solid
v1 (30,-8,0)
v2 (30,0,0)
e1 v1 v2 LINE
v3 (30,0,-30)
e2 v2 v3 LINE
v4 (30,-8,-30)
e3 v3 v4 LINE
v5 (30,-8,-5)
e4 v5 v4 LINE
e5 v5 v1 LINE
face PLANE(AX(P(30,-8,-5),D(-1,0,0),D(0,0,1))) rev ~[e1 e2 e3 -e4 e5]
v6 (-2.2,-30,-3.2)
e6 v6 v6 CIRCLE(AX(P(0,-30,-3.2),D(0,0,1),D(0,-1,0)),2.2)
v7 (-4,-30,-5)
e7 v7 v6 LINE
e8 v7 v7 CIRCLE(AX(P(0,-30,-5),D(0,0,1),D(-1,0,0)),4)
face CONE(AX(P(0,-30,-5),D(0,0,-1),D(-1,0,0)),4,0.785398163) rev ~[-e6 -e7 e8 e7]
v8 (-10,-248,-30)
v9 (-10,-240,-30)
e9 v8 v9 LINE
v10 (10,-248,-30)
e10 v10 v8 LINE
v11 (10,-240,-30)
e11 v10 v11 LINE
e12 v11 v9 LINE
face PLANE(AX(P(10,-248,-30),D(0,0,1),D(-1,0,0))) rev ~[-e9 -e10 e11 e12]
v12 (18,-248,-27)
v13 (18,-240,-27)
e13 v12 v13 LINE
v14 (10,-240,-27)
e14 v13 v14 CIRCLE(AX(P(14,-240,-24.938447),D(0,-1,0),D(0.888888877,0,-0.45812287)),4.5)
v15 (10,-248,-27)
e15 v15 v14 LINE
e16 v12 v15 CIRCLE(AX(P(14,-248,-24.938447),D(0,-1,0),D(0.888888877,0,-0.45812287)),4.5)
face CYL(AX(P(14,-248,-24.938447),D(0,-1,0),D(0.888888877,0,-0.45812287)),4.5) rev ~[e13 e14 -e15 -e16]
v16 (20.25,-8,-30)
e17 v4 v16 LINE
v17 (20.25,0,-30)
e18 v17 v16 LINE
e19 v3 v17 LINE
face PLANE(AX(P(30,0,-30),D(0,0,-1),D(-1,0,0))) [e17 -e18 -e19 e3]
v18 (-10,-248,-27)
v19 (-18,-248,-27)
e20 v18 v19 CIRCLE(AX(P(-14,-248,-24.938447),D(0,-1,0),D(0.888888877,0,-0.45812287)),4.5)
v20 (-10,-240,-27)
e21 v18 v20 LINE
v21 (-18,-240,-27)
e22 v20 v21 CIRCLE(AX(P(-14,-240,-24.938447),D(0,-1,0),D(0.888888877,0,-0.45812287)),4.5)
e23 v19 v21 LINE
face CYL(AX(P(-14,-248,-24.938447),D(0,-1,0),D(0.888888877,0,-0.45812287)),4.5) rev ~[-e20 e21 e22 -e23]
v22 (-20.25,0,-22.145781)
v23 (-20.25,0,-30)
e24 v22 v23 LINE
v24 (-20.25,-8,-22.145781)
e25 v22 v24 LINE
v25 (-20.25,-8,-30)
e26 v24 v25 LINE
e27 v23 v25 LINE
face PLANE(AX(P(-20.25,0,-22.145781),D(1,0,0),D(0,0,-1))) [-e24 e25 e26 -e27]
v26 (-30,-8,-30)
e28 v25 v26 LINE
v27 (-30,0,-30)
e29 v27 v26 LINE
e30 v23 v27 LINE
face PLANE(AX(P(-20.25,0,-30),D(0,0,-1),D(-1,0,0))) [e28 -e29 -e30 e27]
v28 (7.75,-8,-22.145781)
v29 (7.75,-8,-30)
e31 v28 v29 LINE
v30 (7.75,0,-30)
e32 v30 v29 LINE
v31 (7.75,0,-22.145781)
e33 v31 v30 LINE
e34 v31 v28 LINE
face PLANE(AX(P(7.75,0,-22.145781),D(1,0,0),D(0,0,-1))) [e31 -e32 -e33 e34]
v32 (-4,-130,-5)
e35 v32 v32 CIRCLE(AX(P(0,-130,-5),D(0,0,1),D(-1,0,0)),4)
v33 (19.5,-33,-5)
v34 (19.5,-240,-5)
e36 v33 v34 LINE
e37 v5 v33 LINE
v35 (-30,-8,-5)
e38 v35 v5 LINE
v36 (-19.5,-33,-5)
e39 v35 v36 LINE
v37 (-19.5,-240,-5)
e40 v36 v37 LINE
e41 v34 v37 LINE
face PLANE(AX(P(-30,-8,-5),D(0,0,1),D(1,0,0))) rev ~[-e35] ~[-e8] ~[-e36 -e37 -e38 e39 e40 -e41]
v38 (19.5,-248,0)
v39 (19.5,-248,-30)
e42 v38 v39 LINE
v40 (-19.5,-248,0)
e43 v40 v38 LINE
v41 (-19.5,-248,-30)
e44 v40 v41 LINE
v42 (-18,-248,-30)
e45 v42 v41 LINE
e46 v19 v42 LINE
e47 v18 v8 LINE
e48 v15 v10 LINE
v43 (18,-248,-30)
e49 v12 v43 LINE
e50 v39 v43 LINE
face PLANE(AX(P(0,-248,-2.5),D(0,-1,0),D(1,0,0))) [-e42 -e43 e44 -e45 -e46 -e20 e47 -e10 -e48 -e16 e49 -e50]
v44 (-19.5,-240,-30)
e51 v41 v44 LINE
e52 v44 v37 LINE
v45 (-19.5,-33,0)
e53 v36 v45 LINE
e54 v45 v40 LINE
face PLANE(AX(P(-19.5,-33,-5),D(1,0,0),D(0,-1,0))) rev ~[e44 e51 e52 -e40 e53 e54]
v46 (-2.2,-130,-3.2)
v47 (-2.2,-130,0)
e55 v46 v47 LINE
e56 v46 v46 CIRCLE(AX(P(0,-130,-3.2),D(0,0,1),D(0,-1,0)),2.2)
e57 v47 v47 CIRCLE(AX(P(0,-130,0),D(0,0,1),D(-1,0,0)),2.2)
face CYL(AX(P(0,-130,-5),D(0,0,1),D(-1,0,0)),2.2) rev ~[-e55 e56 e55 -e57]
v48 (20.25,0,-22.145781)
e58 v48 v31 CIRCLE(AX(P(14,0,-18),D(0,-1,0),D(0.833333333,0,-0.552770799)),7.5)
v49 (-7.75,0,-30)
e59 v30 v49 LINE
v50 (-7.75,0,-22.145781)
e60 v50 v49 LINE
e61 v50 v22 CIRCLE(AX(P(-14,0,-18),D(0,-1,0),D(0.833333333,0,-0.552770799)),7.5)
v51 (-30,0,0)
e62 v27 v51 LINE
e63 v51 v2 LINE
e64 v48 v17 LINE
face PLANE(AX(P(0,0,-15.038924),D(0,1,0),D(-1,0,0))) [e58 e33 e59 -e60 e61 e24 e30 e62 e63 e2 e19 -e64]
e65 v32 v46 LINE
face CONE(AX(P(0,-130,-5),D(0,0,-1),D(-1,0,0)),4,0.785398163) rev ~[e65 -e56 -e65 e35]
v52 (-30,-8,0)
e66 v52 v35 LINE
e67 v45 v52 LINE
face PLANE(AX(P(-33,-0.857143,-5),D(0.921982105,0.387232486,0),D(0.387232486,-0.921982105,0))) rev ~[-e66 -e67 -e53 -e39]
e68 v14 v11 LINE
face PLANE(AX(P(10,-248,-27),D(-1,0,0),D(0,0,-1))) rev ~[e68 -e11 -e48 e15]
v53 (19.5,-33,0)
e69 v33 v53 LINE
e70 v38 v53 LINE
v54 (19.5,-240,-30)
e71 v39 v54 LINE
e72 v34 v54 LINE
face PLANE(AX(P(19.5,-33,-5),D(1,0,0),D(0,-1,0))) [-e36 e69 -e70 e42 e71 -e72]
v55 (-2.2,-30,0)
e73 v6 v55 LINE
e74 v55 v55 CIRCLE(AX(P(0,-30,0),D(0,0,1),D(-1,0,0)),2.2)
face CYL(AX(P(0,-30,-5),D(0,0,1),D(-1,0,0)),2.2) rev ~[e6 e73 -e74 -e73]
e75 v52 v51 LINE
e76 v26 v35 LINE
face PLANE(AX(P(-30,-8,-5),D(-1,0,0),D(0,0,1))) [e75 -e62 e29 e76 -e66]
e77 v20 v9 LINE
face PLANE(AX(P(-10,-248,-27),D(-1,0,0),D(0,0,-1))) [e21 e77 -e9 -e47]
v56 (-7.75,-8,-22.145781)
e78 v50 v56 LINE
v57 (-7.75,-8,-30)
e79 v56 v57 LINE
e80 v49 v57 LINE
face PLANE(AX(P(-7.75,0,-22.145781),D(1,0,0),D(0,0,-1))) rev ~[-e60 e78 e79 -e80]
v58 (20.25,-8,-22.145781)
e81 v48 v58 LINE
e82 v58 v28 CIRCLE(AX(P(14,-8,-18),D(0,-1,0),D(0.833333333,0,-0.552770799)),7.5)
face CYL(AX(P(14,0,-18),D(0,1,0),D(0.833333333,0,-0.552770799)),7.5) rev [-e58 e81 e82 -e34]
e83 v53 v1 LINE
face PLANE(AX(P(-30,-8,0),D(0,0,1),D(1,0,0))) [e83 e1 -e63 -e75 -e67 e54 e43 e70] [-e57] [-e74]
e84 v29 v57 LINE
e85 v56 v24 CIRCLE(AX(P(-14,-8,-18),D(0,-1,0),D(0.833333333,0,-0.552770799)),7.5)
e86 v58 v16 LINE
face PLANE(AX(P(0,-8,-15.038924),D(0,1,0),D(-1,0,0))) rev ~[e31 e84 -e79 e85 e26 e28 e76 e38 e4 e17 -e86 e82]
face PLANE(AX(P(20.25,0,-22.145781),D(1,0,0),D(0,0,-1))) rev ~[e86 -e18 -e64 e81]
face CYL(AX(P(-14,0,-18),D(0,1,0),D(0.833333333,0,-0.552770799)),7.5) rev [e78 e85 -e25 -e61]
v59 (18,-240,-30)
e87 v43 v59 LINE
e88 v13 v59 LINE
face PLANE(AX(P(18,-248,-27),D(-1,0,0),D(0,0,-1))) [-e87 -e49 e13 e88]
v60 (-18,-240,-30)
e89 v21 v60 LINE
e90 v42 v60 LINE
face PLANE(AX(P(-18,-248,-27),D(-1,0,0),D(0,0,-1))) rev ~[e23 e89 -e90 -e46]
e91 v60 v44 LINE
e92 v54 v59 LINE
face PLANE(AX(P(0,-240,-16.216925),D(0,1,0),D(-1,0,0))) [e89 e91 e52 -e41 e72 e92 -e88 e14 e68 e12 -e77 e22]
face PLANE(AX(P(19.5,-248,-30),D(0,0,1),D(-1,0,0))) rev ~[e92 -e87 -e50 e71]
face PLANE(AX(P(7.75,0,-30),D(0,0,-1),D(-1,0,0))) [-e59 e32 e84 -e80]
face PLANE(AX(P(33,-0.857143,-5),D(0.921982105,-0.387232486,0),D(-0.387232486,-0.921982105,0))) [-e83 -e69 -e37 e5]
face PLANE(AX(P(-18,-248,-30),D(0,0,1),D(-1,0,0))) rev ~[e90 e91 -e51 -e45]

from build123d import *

# Parameters (mm, degrees)
PAD_DEPTH        = 8
SKETCH001_W      = 60
SKETCH001_H      = 5
PAD001_DEPTH     = 240
POCKET_DEPTH     = 5.001
POCKET001_DEPTH  = 5.001
PAD002_DEPTH     = 8
HOLE_D           = 4.4
HOLE_CSINK_D     = 8
HOLE_CSINK_ANGLE = 90


with BuildPart() as part:
    # Sketch → Pad (new body)
    with BuildSketch(Plane.XZ):
        with BuildLine():
            Line((-30, 0), (30, 0))
            Line((30, 0), (30, -30))
            Line((30, -30), (20.25, -30))
            Line((20.25, -22.145781), (20.25, -30))
            ThreePointArc((20.25, -22.145781), (14, -10.5), (7.75, -22.145781))
            Line((7.75, -22.145781), (7.75, -30))
            Line((7.75, -30), (-7.75, -30))
            Line((-7.75, -22.145781), (-7.75, -30))
            ThreePointArc((-7.75, -22.145781), (-14, -10.5), (-20.25, -22.145781))
            Line((-20.25, -22.145781), (-20.25, -30))
            Line((-20.25, -30), (-30, -30))
            Line((-30, -30), (-30, 0))
        make_face()
    extrude(amount=PAD_DEPTH)

    # Sketch001 (on Face14 of Pad) → Pad001 (join)
    with BuildSketch(Plane.XZ.offset(8)):
        with Locations((0, -2.5)):
            Rectangle(SKETCH001_W, SKETCH001_H)
    extrude(amount=PAD001_DEPTH)

    # Sketch002 (on Face15 of Pad001) → Pocket (cut, through all)
    with BuildSketch(Plane(origin=(0, 0, -5), x_dir=(1, 0, 0), z_dir=(0, 0, -1))):
        Polygon((-19.5, 251), (-33, 251), (-33, 0.857143), (-19.5, 33), align=None)
    extrude(amount=-POCKET_DEPTH, mode=Mode.SUBTRACT)

    # Sketch003 (on Face15 of Pocket) → Pocket001 (cut, through all)
    with BuildSketch(Plane(origin=(0, 0, -5), x_dir=(1, 0, 0), z_dir=(0, 0, -1))):
        Polygon((19.5, 251), (33, 251), (33, 0.857143), (19.5, 33), align=None)
    extrude(amount=-POCKET001_DEPTH, mode=Mode.SUBTRACT)

    # Sketch004 (on Face20 of Pocket001) → Pad002 (join)
    with BuildSketch(Plane.XZ.offset(248)):
        with BuildLine():
            Line((-19.5, 0), (19.5, 0))
            Line((19.5, 0), (19.5, -30))
            Line((19.5, -30), (18, -30))
            Line((18, -27), (18, -30))
            ThreePointArc((18, -27), (14, -20.438447), (10, -27))
            Line((10, -27), (10, -30))
            Line((10, -30), (-10, -30))
            Line((-10, -27), (-10, -30))
            ThreePointArc((-10, -27), (-14, -20.438447), (-18, -27))
            Line((-18, -27), (-18, -30))
            Line((-18, -30), (-19.5, -30))
            Line((-19.5, -30), (-19.5, 0))
        make_face()
    extrude(amount=-PAD002_DEPTH)

    # Hole (through all)
    with Locations(Plane(origin=(0, 0, -5), x_dir=(1, 0, 0), z_dir=(0, 0, -1))):
        with Locations((0, 30), (0, 130)):
            CounterSinkHole(HOLE_D / 2, HOLE_CSINK_D / 2, counter_sink_angle=HOLE_CSINK_ANGLE)


solid = part.part
